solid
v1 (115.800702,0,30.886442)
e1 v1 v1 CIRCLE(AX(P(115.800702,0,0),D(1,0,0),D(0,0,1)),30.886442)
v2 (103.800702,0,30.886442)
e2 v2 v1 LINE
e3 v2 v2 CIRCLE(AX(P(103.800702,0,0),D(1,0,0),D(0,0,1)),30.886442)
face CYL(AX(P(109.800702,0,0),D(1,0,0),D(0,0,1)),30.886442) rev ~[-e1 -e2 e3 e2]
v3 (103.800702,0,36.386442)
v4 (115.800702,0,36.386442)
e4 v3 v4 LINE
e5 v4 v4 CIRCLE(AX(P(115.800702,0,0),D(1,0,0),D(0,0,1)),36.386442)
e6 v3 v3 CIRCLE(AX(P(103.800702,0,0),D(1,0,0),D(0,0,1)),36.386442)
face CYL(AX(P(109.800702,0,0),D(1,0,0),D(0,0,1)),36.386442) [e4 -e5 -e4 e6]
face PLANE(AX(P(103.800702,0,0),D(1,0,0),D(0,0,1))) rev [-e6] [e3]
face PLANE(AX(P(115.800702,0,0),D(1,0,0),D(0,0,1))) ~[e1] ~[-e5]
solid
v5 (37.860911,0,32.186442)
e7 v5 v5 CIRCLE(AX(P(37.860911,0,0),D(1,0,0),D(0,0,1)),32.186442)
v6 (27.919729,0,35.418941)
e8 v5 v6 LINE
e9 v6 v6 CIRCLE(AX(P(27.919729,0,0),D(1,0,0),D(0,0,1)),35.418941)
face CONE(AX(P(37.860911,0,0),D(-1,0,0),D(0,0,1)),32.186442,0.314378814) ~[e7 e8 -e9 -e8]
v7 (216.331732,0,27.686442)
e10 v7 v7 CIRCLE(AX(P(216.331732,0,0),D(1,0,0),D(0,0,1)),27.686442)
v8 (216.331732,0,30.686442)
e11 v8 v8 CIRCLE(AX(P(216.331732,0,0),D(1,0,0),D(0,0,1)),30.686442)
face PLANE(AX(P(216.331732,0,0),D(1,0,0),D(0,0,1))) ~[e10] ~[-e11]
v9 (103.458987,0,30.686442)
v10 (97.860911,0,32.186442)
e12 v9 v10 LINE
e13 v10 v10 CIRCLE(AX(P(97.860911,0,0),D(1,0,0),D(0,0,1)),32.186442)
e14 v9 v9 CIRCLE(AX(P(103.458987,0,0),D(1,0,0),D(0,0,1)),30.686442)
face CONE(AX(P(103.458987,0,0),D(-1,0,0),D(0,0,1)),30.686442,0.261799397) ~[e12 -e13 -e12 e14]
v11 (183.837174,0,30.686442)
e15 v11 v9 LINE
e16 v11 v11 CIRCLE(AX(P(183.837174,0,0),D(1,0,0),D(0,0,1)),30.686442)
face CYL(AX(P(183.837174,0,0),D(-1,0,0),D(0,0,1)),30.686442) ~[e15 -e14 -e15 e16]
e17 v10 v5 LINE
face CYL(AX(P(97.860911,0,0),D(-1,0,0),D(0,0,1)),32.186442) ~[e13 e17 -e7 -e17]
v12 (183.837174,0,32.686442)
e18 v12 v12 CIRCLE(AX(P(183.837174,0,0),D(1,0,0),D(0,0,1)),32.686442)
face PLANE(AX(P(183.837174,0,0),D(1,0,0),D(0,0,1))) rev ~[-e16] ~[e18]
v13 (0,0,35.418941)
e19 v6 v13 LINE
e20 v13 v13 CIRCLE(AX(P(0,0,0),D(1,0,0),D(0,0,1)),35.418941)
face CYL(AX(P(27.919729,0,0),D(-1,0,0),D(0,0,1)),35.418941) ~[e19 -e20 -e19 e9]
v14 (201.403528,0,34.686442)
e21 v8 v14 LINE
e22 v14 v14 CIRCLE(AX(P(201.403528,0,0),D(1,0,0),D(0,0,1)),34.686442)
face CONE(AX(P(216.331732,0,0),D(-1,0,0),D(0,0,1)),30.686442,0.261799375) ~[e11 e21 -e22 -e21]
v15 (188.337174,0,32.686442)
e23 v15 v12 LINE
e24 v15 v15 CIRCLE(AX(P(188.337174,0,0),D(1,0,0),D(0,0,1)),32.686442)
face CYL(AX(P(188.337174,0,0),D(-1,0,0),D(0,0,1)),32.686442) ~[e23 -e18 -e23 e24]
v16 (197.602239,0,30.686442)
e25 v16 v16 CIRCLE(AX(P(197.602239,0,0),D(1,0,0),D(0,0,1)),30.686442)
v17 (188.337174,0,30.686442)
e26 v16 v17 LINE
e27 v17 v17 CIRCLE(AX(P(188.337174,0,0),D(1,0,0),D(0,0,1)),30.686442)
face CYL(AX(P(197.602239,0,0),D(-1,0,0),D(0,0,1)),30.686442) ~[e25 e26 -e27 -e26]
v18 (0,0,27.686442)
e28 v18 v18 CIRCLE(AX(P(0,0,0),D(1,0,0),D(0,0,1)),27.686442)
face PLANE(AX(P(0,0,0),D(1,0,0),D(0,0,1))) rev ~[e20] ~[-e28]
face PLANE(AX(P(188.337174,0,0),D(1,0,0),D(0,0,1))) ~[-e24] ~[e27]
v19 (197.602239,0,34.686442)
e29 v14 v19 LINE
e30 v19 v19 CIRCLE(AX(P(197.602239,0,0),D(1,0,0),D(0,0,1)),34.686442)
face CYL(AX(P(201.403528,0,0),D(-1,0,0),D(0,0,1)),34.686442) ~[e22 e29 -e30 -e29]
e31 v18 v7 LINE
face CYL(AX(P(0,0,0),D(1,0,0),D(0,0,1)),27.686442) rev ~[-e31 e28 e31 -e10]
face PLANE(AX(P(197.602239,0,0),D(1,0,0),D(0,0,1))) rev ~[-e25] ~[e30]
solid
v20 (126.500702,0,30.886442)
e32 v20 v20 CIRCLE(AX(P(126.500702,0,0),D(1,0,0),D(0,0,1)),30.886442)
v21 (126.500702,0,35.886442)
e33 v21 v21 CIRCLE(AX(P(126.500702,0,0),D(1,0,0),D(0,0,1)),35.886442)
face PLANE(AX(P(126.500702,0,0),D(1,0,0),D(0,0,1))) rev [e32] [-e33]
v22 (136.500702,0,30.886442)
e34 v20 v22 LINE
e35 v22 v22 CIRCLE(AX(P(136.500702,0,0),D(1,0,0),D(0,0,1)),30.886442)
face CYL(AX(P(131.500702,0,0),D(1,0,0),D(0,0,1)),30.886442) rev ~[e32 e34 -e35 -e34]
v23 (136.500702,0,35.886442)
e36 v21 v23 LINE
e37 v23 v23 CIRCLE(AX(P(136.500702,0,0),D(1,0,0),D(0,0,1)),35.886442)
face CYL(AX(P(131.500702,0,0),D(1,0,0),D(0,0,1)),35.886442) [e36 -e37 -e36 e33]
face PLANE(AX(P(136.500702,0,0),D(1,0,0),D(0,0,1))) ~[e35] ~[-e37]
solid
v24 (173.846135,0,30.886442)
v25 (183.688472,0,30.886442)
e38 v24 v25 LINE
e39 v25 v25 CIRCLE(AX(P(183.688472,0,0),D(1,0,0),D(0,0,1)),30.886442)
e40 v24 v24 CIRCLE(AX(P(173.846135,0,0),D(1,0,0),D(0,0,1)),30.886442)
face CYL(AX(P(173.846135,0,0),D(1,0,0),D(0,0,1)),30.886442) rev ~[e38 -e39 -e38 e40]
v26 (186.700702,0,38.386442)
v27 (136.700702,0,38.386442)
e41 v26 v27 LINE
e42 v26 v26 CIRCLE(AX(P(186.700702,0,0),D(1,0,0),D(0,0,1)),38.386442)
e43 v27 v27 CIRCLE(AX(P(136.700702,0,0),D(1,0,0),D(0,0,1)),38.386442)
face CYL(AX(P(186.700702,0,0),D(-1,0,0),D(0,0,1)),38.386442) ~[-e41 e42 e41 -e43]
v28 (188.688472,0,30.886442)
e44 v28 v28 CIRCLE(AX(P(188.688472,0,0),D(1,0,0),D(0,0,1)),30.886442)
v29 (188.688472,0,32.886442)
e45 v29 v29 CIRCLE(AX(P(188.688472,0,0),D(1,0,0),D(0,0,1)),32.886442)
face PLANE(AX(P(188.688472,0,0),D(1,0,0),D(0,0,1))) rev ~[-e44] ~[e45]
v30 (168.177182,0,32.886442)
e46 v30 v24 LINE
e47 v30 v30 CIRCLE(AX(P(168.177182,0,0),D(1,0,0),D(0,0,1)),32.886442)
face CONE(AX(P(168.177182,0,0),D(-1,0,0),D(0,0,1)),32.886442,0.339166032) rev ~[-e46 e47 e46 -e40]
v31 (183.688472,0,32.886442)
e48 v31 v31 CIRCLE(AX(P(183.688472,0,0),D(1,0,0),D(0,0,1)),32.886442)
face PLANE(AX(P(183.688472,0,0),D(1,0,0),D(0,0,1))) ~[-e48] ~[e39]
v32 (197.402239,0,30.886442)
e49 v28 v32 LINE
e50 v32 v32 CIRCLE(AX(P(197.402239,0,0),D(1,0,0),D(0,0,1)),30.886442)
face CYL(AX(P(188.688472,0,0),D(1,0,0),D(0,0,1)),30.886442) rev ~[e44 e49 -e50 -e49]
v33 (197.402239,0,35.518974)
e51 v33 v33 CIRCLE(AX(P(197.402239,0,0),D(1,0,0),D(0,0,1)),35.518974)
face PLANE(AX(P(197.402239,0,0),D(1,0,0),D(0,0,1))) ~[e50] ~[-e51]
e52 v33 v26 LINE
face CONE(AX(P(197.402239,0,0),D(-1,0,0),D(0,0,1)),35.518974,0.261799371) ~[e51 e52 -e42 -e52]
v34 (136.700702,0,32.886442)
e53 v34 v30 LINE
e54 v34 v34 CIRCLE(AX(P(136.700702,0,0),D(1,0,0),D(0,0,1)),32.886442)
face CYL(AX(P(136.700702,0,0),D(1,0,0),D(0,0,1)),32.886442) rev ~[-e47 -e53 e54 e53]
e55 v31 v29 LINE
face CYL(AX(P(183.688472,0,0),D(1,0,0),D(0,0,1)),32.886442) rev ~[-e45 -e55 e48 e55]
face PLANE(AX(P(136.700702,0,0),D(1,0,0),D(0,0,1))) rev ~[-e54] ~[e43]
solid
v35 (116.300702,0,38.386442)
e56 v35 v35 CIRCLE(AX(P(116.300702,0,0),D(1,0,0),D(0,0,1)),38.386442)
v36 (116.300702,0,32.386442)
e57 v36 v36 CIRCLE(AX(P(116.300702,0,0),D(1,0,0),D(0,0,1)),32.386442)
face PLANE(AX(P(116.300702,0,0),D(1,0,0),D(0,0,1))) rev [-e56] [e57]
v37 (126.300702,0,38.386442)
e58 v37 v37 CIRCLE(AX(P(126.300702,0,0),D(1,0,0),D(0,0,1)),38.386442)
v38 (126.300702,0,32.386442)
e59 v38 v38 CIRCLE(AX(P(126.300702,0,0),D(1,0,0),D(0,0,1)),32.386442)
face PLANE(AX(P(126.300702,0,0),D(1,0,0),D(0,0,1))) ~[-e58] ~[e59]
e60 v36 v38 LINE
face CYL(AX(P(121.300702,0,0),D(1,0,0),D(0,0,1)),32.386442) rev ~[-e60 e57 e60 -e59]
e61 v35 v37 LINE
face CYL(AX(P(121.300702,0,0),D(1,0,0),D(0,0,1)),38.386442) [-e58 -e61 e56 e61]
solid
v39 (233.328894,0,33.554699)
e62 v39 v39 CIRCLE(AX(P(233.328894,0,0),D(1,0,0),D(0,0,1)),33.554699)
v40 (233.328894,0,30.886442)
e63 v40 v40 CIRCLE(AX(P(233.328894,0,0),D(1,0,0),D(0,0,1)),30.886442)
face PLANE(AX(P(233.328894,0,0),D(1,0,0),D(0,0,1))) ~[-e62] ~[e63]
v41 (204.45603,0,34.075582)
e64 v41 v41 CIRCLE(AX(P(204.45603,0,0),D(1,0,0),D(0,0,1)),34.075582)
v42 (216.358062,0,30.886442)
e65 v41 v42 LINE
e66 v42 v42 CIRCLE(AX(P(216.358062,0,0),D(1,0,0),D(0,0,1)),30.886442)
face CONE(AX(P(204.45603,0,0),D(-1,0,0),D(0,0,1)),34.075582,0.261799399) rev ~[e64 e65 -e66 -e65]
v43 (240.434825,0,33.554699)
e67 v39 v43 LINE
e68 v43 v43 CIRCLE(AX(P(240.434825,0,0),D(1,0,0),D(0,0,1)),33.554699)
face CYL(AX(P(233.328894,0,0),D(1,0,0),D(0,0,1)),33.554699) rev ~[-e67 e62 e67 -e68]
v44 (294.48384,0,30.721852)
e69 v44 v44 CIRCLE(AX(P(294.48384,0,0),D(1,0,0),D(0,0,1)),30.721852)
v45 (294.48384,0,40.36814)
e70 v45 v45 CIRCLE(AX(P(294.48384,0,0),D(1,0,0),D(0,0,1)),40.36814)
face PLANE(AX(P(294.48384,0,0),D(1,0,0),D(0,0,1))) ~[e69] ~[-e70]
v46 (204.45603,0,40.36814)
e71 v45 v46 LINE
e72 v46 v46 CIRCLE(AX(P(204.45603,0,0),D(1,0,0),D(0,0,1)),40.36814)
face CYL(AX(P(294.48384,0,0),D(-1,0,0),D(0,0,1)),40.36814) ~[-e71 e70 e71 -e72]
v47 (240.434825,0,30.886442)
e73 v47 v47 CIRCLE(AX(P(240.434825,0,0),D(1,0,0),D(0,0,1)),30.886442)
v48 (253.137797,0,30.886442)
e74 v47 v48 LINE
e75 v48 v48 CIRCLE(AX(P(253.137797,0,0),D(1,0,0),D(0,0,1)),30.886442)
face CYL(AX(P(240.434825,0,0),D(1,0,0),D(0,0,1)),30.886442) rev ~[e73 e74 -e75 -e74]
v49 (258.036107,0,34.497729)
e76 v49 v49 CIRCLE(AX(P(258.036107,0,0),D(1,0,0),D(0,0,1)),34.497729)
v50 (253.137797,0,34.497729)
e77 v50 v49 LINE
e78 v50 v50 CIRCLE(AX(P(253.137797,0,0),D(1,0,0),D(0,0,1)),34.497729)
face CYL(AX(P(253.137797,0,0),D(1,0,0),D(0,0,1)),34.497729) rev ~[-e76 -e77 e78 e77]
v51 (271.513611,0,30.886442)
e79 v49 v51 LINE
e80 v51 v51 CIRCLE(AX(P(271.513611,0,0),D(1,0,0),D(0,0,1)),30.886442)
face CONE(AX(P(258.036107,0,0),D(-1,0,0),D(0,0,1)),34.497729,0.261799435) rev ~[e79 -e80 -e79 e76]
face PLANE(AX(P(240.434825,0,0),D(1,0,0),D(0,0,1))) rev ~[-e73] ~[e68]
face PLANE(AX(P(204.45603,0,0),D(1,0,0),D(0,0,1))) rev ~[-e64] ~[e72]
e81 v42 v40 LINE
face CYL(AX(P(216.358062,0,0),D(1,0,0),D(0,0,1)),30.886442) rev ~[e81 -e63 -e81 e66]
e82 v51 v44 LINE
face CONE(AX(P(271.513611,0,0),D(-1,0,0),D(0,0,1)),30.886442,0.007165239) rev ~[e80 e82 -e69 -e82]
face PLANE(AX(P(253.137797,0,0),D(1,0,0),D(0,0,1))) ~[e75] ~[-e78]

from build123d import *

# Parameters (mm, degrees)
F0_W   = 10
F0_H   = 5
F0_W_2 = 12
F0_H_2 = 5.5
F0_H_3 = 6


with BuildPart() as f1:
    # F0 (on Front) → F1 (revolve)
    with BuildSketch(Plane.XZ):
        Polygon((37.860911, 32.186442), (27.919729, 35.418941), (0, 35.418941), (0, 27.686442), (216.331732, 27.686442), (216.331732, 30.686442), (201.403528, 34.686442), (197.602239, 34.686442), (197.602239, 30.686442), (188.337174, 30.686442), (188.337174, 32.686442), (183.837174, 32.686442), (183.837174, 30.686442), (103.458987, 30.686442), (97.860911, 32.186442), align=None)
        with Locations((131.500702, 33.386442)):
            Rectangle(F0_W, F0_H)
        Polygon((186.700702, 38.386442), (136.700702, 38.386442), (136.700702, 32.886442), (168.177182, 32.886442), (173.846135, 30.886442), (183.688472, 30.886442), (183.688472, 32.886442), (188.688472, 32.886442), (188.688472, 30.886442), (197.402239, 30.886442), (197.402239, 35.518974), align=None)
        with Locations((109.800702, 33.636442)):
            Rectangle(F0_W_2, F0_H_2)
        with Locations((121.300702, 35.386442)):
            Rectangle(F0_W, F0_H_3)
        Polygon((294.48384, 40.36814), (204.45603, 40.36814), (204.45603, 34.075582), (216.358062, 30.886442), (233.328894, 30.886442), (233.328894, 33.554699), (240.434825, 33.554699), (240.434825, 30.886442), (253.137797, 30.886442), (253.137797, 34.497729), (258.036107, 34.497729), (271.513611, 30.886442), (294.48384, 30.721852), align=None)
    revolve(axis=Axis((93.246964, 0, 0), (1, 0, 0)))


solid = f1.part
